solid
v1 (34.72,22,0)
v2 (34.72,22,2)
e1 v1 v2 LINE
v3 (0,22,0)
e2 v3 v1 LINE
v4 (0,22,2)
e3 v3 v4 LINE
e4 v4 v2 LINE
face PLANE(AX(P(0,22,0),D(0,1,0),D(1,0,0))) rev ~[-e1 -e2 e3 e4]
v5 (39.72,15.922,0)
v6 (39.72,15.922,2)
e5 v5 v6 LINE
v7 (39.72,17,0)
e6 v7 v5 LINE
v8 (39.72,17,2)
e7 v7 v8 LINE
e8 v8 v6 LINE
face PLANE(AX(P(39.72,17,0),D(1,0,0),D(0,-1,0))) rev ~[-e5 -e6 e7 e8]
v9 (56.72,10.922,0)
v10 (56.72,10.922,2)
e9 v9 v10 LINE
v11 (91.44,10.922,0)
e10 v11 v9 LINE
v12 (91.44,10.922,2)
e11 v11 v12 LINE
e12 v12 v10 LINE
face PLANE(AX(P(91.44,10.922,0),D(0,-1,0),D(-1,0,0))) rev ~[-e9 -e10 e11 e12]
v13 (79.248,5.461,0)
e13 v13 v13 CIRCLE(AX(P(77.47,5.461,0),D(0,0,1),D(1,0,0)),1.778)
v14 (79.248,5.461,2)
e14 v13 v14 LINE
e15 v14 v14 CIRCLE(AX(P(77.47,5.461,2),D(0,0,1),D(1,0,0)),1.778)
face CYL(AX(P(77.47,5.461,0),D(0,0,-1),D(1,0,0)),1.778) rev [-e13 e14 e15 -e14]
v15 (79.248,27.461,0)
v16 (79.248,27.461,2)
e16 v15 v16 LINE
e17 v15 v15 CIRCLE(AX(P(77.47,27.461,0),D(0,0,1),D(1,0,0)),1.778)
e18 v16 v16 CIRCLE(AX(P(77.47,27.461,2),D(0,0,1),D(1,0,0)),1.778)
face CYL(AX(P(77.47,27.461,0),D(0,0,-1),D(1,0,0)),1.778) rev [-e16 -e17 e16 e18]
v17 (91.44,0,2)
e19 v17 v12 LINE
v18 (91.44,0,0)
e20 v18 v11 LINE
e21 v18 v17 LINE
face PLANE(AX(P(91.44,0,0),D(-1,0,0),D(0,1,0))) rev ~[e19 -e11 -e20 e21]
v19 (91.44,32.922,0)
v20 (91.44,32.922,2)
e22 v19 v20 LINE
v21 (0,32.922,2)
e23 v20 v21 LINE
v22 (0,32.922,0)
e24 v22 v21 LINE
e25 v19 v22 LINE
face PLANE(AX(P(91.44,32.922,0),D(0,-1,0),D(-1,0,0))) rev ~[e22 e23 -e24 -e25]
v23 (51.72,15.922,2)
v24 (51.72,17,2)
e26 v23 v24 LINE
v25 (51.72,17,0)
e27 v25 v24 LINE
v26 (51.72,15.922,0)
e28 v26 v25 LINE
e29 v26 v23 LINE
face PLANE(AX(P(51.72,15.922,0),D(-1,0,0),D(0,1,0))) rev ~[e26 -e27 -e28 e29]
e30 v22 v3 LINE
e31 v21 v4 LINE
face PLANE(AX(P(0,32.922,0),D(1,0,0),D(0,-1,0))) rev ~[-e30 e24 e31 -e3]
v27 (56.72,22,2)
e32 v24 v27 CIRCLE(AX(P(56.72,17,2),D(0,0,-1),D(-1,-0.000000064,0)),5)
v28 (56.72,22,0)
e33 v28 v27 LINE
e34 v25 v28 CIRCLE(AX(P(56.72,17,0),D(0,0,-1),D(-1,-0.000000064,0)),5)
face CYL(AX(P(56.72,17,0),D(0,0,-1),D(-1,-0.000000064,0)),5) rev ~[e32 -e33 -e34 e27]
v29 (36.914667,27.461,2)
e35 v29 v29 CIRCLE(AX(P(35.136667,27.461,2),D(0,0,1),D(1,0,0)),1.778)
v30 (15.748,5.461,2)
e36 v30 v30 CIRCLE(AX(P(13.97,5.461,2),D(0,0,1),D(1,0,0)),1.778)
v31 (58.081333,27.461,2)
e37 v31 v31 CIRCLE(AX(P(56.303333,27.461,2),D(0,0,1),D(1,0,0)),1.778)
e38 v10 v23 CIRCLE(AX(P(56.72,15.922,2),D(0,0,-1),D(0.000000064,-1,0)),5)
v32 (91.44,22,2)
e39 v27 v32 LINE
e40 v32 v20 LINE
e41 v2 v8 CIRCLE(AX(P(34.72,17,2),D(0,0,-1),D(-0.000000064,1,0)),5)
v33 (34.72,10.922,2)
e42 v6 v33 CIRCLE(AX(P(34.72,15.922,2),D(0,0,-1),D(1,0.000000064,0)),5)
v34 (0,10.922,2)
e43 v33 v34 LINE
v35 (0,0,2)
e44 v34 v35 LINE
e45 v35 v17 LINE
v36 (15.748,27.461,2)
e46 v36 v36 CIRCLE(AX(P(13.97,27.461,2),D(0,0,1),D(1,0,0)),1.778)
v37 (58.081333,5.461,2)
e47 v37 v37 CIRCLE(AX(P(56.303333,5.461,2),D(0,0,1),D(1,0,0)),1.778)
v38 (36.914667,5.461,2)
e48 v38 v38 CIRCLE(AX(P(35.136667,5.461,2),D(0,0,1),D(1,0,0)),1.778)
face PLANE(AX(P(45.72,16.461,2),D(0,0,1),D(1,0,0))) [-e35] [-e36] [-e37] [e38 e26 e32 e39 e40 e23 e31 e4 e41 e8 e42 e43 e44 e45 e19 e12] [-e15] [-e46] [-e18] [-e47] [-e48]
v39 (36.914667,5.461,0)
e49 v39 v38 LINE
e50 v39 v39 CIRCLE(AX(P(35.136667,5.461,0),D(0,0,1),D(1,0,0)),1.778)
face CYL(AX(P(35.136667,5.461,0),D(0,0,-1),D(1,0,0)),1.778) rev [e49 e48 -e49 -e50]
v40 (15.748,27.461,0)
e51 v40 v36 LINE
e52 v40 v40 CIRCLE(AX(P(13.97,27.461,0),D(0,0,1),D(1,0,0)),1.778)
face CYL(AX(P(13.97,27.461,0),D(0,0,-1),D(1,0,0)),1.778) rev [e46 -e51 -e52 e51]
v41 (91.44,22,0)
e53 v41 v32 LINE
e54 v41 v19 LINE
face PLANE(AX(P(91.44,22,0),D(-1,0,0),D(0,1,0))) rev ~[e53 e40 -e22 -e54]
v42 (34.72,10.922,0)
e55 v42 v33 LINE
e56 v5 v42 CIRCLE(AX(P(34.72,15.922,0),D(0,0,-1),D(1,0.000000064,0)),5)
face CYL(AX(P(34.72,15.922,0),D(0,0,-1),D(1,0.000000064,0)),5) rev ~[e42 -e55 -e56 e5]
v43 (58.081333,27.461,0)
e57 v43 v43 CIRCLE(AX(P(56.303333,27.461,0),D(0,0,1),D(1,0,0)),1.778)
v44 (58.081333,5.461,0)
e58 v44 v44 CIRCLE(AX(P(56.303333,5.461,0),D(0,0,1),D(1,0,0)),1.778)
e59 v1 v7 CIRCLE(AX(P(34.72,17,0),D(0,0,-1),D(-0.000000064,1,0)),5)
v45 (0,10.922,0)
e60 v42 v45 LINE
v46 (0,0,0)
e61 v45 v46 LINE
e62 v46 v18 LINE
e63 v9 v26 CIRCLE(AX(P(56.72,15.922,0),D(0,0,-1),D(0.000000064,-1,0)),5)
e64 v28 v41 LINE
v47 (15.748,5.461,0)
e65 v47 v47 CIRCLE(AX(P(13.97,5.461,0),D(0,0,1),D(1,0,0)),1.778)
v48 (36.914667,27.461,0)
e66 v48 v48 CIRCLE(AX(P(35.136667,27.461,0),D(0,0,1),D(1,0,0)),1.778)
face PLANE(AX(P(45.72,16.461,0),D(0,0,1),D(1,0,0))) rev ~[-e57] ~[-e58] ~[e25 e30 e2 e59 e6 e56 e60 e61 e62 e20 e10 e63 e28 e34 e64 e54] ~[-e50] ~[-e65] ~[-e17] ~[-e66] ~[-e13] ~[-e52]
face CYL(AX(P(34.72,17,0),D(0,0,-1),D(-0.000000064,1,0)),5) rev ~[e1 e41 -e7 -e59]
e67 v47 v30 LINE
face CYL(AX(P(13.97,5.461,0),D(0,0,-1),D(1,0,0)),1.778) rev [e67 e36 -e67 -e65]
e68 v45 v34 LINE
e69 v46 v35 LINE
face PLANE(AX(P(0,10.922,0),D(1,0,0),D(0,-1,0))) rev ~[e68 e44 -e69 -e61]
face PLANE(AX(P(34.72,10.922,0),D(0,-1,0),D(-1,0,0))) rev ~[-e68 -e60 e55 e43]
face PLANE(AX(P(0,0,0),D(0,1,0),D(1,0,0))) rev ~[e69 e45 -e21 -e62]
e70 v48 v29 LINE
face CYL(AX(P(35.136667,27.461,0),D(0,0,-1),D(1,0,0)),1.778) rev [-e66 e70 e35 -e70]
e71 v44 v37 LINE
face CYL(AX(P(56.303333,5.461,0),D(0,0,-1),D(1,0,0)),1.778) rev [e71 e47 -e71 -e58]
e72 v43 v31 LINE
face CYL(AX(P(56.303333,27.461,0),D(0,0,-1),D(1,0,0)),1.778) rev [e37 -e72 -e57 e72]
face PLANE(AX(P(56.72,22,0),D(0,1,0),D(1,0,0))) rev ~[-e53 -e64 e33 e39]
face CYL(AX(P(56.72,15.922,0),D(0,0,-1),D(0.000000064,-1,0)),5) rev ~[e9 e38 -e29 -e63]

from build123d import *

# Parameters (mm, degrees)
F0_R     = 1.778
F1_DEPTH = 2


with BuildPart() as f1:
    # F0 (on Top) → F1 (new body)
    with BuildSketch(Plane.XY):
        with BuildLine():
            Line((0, 10.922), (0, 0))
            Line((0, 0), (91.44, 0))
            Line((91.44, 0), (91.44, 10.922))
            Line((91.44, 10.922), (56.72, 10.922))
            ThreePointArc((56.72, 10.922), (53.184466, 12.386466), (51.72, 15.922))
            Line((51.72, 15.922), (51.72, 17))
            ThreePointArc((51.72, 17), (53.184466, 20.535534), (56.72, 22))
            Line((56.72, 22), (91.44, 22))
            Line((91.44, 22), (91.44, 32.922))
            Line((91.44, 32.922), (0, 32.922))
            Line((0, 32.922), (0, 22))
            Line((0, 22), (34.72, 22))
            ThreePointArc((34.72, 22), (38.255534, 20.535534), (39.72, 17))
            Line((39.72, 17), (39.72, 15.922))
            ThreePointArc((39.72, 15.922), (38.255534, 12.386466), (34.72, 10.922))
            Line((34.72, 10.922), (0, 10.922))
        make_face()
        with Locations((13.97, 5.461)):
            Circle(F0_R, mode=Mode.SUBTRACT)
        with Locations((35.136667, 5.461)):
            Circle(F0_R, mode=Mode.SUBTRACT)
        with Locations((56.303333, 5.461)):
            Circle(F0_R, mode=Mode.SUBTRACT)
        with Locations((77.47, 5.461)):
            Circle(F0_R, mode=Mode.SUBTRACT)
        with Locations((13.97, 27.461)):
            Circle(F0_R, mode=Mode.SUBTRACT)
        with Locations((35.136667, 27.461)):
            Circle(F0_R, mode=Mode.SUBTRACT)
        with Locations((56.303333, 27.461)):
            Circle(F0_R, mode=Mode.SUBTRACT)
        with Locations((77.47, 27.461)):
            Circle(F0_R, mode=Mode.SUBTRACT)
    extrude(amount=F1_DEPTH)


solid = f1.part
